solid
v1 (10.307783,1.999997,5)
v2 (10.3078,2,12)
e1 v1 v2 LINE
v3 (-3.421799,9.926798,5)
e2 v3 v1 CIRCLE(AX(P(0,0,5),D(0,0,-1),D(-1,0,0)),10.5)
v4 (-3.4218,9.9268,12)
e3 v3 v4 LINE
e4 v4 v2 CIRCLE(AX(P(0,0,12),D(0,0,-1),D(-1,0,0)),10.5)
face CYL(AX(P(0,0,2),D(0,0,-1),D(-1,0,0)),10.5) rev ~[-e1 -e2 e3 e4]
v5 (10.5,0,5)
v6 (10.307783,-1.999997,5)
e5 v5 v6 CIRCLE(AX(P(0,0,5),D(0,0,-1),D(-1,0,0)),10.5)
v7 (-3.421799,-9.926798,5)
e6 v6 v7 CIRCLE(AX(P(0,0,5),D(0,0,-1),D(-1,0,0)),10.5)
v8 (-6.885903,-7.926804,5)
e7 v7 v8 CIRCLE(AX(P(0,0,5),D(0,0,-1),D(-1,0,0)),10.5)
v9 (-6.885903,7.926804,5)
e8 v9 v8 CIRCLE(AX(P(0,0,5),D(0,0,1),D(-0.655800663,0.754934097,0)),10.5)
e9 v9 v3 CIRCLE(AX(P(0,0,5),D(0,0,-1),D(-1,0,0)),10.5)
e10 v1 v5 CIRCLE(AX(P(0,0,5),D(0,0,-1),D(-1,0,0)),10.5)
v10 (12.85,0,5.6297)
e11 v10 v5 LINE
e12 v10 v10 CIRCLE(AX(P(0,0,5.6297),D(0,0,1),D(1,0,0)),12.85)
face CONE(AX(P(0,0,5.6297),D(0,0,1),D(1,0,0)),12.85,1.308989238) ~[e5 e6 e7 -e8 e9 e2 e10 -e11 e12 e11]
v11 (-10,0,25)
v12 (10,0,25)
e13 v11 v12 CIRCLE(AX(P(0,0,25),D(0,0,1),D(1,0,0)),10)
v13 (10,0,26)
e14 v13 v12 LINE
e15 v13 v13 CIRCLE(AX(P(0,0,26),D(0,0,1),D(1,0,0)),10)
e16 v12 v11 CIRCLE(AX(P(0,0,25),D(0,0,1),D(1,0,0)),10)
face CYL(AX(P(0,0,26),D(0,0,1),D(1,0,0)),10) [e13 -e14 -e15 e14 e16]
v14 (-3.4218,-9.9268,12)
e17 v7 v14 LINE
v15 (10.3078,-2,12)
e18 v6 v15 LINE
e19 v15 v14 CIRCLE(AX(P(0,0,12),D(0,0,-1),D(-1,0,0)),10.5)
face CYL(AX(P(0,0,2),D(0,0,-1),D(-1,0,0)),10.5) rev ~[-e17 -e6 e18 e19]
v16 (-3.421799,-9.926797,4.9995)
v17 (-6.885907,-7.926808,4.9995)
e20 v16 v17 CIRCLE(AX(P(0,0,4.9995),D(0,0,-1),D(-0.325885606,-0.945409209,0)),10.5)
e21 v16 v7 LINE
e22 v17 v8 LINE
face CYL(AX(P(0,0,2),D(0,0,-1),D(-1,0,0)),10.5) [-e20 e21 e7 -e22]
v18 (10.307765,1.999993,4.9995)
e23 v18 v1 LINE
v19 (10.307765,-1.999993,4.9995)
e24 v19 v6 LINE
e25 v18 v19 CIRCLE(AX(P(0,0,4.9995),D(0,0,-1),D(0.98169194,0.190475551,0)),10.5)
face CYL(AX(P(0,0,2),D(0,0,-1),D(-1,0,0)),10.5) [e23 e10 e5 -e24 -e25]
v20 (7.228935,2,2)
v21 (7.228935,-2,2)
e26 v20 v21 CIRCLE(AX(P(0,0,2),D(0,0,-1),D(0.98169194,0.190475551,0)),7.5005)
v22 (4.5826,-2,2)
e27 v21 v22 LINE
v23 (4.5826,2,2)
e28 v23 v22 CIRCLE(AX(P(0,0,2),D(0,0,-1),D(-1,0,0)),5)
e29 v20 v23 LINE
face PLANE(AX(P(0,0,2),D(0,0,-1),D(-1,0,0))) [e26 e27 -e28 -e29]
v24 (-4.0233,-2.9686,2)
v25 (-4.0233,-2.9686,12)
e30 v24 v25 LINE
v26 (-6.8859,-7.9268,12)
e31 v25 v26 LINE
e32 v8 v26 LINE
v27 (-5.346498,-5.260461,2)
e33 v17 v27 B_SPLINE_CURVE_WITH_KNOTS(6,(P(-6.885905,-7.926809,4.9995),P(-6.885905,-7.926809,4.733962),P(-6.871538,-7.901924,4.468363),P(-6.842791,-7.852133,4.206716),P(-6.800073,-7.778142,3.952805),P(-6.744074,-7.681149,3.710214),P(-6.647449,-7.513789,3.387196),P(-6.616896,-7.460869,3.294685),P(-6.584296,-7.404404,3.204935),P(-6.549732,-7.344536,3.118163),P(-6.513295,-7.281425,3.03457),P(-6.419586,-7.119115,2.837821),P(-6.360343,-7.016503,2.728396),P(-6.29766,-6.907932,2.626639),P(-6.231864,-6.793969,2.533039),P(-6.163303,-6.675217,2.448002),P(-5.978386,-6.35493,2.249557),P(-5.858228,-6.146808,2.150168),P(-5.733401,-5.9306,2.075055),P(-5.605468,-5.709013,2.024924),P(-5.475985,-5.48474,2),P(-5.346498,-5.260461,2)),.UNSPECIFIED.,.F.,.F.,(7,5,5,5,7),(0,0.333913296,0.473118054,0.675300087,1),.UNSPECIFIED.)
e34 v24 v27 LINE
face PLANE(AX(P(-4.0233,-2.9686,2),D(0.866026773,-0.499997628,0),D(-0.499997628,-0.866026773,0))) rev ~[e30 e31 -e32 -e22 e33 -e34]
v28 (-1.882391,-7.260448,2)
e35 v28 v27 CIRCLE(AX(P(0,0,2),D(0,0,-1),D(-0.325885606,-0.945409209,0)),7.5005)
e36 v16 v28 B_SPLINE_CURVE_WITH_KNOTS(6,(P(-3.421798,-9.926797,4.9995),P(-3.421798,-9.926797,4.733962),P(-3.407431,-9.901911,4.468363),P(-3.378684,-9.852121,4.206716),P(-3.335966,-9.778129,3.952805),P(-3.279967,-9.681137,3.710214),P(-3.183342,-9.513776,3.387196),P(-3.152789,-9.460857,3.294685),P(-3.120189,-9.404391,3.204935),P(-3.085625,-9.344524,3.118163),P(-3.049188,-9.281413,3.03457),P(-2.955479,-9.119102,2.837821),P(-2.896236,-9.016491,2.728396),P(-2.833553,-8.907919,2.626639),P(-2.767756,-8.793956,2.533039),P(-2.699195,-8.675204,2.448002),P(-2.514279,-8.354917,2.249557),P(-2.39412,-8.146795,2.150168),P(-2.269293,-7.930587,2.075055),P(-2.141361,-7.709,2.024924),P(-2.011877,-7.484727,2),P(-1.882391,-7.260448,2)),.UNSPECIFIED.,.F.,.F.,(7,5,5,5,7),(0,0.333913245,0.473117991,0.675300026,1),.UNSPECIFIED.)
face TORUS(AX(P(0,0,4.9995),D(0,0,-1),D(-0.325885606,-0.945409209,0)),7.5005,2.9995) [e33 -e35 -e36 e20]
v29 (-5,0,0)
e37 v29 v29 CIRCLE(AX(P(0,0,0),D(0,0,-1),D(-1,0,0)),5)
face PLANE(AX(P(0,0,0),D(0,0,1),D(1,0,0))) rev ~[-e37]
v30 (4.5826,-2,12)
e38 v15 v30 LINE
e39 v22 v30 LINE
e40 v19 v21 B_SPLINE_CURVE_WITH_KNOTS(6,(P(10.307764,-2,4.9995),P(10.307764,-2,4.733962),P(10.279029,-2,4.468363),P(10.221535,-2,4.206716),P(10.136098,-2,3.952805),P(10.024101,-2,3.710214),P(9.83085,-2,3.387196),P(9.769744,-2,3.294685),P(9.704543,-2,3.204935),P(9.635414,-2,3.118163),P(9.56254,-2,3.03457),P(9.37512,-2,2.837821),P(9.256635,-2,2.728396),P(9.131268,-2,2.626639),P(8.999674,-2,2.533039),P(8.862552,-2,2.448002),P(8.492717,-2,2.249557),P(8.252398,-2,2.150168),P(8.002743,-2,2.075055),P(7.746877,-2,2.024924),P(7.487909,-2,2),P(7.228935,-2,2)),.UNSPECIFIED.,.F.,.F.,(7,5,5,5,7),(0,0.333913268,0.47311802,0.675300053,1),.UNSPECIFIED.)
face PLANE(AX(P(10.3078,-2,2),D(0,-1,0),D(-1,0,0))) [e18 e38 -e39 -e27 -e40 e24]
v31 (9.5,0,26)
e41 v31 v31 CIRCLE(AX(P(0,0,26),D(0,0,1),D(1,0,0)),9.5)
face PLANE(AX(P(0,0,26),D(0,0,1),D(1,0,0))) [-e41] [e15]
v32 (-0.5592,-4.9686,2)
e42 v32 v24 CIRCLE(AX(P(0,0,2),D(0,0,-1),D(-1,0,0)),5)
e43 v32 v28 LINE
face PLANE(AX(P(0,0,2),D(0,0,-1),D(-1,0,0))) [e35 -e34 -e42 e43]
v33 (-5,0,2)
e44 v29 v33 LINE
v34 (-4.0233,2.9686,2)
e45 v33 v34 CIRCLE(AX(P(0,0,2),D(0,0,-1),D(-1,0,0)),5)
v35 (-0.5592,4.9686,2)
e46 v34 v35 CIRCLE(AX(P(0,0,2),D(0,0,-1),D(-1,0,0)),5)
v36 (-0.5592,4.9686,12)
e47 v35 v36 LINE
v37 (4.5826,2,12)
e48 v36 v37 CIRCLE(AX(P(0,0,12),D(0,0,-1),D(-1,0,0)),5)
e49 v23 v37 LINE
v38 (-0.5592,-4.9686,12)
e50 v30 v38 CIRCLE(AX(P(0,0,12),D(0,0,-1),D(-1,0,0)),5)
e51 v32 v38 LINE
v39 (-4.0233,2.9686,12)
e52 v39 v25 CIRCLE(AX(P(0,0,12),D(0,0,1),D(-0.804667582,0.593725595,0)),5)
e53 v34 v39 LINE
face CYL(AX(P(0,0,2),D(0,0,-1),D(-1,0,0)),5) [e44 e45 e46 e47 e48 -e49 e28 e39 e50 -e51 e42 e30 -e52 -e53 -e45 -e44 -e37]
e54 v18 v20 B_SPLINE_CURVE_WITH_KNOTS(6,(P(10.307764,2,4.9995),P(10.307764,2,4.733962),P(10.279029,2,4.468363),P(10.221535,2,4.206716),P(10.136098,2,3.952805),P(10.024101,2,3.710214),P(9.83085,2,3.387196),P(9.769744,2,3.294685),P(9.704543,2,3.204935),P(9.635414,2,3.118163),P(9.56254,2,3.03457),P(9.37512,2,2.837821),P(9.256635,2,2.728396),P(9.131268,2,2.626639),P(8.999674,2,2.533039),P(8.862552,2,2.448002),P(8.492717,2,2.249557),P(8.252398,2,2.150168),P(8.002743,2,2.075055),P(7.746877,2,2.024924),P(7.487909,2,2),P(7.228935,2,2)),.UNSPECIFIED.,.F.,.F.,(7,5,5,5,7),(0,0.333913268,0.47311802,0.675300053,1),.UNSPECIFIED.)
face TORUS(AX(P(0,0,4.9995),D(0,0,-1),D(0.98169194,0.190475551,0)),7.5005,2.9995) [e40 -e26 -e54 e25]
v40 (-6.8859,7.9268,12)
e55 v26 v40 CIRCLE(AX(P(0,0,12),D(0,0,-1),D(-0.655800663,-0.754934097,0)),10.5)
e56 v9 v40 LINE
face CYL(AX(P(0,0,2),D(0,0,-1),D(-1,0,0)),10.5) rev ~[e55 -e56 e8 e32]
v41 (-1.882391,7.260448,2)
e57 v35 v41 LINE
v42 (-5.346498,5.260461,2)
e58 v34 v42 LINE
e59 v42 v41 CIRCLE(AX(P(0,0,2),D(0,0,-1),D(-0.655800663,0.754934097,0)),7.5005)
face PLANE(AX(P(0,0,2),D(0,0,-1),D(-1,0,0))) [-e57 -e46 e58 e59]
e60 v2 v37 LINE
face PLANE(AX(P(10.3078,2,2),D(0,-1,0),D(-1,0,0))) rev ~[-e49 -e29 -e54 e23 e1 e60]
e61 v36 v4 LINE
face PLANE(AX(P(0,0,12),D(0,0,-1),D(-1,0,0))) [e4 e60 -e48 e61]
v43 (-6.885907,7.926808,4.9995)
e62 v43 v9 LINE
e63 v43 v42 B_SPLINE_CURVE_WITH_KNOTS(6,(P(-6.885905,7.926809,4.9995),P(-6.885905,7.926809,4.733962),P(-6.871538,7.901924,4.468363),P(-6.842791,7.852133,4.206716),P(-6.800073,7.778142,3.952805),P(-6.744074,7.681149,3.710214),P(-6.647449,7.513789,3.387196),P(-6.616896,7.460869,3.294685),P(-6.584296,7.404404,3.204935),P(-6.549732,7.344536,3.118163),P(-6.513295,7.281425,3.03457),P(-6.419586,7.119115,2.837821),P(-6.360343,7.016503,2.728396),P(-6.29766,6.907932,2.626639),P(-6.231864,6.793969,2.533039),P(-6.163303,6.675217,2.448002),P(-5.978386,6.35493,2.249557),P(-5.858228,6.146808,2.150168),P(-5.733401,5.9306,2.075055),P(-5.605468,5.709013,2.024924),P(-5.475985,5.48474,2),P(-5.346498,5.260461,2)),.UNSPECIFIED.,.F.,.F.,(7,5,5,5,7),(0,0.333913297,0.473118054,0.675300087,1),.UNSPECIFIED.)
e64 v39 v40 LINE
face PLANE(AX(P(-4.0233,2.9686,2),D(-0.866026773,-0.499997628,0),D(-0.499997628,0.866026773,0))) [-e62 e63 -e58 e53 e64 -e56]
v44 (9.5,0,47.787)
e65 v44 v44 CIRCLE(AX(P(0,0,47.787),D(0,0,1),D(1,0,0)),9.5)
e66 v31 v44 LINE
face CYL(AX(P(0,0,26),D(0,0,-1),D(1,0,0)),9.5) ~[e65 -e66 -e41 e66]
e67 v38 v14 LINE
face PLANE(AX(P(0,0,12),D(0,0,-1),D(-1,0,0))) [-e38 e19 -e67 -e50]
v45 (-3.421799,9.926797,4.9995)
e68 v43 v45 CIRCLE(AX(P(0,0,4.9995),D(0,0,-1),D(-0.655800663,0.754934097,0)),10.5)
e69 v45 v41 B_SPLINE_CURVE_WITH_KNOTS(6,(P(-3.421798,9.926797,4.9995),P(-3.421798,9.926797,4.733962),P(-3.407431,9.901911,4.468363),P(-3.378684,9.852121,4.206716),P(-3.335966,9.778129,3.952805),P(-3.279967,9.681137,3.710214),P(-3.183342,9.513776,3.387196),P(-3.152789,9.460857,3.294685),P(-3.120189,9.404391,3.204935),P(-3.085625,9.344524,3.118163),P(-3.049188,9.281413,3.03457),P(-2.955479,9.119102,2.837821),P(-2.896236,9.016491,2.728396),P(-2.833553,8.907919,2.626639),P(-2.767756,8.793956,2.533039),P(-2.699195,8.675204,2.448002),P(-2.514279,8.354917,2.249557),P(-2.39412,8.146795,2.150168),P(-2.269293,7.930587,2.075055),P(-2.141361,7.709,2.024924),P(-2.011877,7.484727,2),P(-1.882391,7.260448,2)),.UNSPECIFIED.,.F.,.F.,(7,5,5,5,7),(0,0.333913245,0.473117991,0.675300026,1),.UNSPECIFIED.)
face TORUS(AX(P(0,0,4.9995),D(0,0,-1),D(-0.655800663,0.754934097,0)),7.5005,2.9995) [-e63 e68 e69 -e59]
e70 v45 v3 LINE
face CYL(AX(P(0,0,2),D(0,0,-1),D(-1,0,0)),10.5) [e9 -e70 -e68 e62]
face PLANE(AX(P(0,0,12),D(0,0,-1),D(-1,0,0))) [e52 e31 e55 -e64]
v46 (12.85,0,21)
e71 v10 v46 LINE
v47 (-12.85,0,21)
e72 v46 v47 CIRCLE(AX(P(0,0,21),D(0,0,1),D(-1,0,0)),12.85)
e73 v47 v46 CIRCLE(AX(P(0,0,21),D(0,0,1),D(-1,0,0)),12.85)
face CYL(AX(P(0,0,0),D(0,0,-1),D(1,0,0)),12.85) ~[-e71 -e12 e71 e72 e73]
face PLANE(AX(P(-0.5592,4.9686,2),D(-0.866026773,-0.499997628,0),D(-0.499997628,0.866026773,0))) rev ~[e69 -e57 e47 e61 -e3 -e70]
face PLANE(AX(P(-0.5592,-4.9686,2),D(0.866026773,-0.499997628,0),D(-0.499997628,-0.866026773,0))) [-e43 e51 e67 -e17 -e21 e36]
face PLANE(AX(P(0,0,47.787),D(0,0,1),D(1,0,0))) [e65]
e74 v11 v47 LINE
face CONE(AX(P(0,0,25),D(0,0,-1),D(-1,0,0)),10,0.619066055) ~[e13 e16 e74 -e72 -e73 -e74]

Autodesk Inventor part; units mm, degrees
ref_plane "YZ Plane" through (0, 0, 0) normal (1, 0, 0) x (0, 1, 0)
ref_plane "XZ Plane" through (0, 0, 0) normal (0, 1, 0) x (-1, 0, 0)
ref_plane "XY Plane" through (0, 0, 0) normal (0, 0, 1) x (1, 0, 0)
sketch "草圖1" plane through (0, 0, 0) normal (0, 0, 1) x (1, 0, 0)
  circle A0 centre (0, 0) radius 12.85
  dimension "d0" = 25.7
extrude "擠出1" add sketch "草圖1" along normal blind 26
sketch "草圖2" plane through (0, 0, 26) normal (0, 0, 1) x (1, 0, 0)
  circle A0 centre (0, 0) radius 10
  circle A1 centre (0, 0) radius 12.85 projected
  dimension "d3" = 20
extrude "擠出2" cut sketch "草圖2" against normal blind 1
sketch "草圖3" plane through (0, 0, 0) normal (0, 1, 0) x (-1, 0, 0)
  line L0 (-12.85, 25) -> (12.85, 25) projected
  line L1 (10, 26) -> (10, 25) projected
  line L2 (10, 25) -> (12.85, 21)
  line L3 (12.85, 0) -> (12.85, 25) projected
  line L4 (0, -5.2) -> (0, 31.2) projected
  point P0 (0, 0)
  dimension "d6" = 4
revolve "迴轉1" cut sketch "草圖3" angle 360 about axis through (0, 0, -10) along (0, 0, 1)
sketch "草圖4" plane through (0, 0, 0) normal (0, 0, -1) x (-1, 0, 0)
  circle A0 centre (0, 0) radius 5
  circle A1 centre (0, 0) radius 12.85 projected
  dimension "d8" = 10
extrude "擠出3" cut sketch "草圖4" against normal blind 2
sketch "草圖5" plane through (0, 0, 2) normal (0, 0, -1) x (-1, 0, 0)
  circle A0 centre (0, 0) radius 10.5
  circle A1 centre (0, 0) radius 12.85 projected
  dimension "d11" = 21
extrude "擠出4" cut sketch "草圖5" against normal blind 3
sketch "草圖6" plane through (0, 0, 2) normal (0, 0, -1) x (-1, 0, 0)
  line L0 (0, 0) -> (-13.3502, 0) construction
  line L1 (0, 0) -> (8.2303, -14.2554) construction
  line L2 (0, 0) -> (8.5219, 14.7603) construction
  line L3 (-10.3078, -2) -> (-4.5826, -2)
  line L4 (-10.3078, 2) -> (-4.5826, 2)
  circle A0 centre (0, 0) radius 5 projected
  circle A1 centre (0, 0) radius 10.5 projected
  line L5 (0.5592, -4.9686) -> (3.4218, -9.9268)
  line L6 (4.0233, -2.9686) -> (6.8859, -7.9268)
  line L7 (4.0233, 2.9686) -> (6.8859, 7.9268)
  line L8 (0.5592, 4.9686) -> (3.4218, 9.9268)
  dimension "d14" = 120
  dimension "d15" = 120
  dimension "d16" = 2
  dimension "d17" = 2
  dimension "d18" = 4
  dimension "d19" = 2
  dimension "d20" = 2
  dimension "d21" = 2
extrude "擠出5" cut sketch "草圖6" against normal blind 10 contours L3 A0 L5 A1 | A1 L8 A0 L4 | L6 A0 L7 A1
fillet "圓角1" radius 3 3 edges at (10.5, 0, 2) (-5.25, 9.0933, 2) (-5.25, -9.0933, 2)
sketch "草圖8" plane through (0, 0, 0) normal (0, 1, 0) x (-1, 0, 0)
  line L0 (-12.85, 5) -> (-12.85, 5.6297)
  line L1 (0, -5.2) -> (0, 31.2) projected
  line L2 (-12.85, 5.6297) -> (-10.5, 5)
  line L3 (12.85, 5) -> (-12.85, 5) projected
  line L4 (-10.5, 5) -> (-10.3078, 5) projected
  point P0 (0, 0)
  dimension "d28" = 15
revolve "迴轉2" cut sketch "草圖8" angle 360 about axis through (0, 0, -10) along (0, 0, 1)
sketch "草圖9" plane through (0, 0, 26) normal (0, 0, 1) x (1, 0, 0)
  circle A0 centre (0, 0) radius 9.5
  dimension "d29" = 19
extrude "擠出6" add sketch "草圖9" along normal blind 21.787
equation "\"d15\" = d14"
equation "\"d17\" = d16"
equation "\"d20\" = d19"
equation "\"d21\" = d19"
properties part number "moter"
